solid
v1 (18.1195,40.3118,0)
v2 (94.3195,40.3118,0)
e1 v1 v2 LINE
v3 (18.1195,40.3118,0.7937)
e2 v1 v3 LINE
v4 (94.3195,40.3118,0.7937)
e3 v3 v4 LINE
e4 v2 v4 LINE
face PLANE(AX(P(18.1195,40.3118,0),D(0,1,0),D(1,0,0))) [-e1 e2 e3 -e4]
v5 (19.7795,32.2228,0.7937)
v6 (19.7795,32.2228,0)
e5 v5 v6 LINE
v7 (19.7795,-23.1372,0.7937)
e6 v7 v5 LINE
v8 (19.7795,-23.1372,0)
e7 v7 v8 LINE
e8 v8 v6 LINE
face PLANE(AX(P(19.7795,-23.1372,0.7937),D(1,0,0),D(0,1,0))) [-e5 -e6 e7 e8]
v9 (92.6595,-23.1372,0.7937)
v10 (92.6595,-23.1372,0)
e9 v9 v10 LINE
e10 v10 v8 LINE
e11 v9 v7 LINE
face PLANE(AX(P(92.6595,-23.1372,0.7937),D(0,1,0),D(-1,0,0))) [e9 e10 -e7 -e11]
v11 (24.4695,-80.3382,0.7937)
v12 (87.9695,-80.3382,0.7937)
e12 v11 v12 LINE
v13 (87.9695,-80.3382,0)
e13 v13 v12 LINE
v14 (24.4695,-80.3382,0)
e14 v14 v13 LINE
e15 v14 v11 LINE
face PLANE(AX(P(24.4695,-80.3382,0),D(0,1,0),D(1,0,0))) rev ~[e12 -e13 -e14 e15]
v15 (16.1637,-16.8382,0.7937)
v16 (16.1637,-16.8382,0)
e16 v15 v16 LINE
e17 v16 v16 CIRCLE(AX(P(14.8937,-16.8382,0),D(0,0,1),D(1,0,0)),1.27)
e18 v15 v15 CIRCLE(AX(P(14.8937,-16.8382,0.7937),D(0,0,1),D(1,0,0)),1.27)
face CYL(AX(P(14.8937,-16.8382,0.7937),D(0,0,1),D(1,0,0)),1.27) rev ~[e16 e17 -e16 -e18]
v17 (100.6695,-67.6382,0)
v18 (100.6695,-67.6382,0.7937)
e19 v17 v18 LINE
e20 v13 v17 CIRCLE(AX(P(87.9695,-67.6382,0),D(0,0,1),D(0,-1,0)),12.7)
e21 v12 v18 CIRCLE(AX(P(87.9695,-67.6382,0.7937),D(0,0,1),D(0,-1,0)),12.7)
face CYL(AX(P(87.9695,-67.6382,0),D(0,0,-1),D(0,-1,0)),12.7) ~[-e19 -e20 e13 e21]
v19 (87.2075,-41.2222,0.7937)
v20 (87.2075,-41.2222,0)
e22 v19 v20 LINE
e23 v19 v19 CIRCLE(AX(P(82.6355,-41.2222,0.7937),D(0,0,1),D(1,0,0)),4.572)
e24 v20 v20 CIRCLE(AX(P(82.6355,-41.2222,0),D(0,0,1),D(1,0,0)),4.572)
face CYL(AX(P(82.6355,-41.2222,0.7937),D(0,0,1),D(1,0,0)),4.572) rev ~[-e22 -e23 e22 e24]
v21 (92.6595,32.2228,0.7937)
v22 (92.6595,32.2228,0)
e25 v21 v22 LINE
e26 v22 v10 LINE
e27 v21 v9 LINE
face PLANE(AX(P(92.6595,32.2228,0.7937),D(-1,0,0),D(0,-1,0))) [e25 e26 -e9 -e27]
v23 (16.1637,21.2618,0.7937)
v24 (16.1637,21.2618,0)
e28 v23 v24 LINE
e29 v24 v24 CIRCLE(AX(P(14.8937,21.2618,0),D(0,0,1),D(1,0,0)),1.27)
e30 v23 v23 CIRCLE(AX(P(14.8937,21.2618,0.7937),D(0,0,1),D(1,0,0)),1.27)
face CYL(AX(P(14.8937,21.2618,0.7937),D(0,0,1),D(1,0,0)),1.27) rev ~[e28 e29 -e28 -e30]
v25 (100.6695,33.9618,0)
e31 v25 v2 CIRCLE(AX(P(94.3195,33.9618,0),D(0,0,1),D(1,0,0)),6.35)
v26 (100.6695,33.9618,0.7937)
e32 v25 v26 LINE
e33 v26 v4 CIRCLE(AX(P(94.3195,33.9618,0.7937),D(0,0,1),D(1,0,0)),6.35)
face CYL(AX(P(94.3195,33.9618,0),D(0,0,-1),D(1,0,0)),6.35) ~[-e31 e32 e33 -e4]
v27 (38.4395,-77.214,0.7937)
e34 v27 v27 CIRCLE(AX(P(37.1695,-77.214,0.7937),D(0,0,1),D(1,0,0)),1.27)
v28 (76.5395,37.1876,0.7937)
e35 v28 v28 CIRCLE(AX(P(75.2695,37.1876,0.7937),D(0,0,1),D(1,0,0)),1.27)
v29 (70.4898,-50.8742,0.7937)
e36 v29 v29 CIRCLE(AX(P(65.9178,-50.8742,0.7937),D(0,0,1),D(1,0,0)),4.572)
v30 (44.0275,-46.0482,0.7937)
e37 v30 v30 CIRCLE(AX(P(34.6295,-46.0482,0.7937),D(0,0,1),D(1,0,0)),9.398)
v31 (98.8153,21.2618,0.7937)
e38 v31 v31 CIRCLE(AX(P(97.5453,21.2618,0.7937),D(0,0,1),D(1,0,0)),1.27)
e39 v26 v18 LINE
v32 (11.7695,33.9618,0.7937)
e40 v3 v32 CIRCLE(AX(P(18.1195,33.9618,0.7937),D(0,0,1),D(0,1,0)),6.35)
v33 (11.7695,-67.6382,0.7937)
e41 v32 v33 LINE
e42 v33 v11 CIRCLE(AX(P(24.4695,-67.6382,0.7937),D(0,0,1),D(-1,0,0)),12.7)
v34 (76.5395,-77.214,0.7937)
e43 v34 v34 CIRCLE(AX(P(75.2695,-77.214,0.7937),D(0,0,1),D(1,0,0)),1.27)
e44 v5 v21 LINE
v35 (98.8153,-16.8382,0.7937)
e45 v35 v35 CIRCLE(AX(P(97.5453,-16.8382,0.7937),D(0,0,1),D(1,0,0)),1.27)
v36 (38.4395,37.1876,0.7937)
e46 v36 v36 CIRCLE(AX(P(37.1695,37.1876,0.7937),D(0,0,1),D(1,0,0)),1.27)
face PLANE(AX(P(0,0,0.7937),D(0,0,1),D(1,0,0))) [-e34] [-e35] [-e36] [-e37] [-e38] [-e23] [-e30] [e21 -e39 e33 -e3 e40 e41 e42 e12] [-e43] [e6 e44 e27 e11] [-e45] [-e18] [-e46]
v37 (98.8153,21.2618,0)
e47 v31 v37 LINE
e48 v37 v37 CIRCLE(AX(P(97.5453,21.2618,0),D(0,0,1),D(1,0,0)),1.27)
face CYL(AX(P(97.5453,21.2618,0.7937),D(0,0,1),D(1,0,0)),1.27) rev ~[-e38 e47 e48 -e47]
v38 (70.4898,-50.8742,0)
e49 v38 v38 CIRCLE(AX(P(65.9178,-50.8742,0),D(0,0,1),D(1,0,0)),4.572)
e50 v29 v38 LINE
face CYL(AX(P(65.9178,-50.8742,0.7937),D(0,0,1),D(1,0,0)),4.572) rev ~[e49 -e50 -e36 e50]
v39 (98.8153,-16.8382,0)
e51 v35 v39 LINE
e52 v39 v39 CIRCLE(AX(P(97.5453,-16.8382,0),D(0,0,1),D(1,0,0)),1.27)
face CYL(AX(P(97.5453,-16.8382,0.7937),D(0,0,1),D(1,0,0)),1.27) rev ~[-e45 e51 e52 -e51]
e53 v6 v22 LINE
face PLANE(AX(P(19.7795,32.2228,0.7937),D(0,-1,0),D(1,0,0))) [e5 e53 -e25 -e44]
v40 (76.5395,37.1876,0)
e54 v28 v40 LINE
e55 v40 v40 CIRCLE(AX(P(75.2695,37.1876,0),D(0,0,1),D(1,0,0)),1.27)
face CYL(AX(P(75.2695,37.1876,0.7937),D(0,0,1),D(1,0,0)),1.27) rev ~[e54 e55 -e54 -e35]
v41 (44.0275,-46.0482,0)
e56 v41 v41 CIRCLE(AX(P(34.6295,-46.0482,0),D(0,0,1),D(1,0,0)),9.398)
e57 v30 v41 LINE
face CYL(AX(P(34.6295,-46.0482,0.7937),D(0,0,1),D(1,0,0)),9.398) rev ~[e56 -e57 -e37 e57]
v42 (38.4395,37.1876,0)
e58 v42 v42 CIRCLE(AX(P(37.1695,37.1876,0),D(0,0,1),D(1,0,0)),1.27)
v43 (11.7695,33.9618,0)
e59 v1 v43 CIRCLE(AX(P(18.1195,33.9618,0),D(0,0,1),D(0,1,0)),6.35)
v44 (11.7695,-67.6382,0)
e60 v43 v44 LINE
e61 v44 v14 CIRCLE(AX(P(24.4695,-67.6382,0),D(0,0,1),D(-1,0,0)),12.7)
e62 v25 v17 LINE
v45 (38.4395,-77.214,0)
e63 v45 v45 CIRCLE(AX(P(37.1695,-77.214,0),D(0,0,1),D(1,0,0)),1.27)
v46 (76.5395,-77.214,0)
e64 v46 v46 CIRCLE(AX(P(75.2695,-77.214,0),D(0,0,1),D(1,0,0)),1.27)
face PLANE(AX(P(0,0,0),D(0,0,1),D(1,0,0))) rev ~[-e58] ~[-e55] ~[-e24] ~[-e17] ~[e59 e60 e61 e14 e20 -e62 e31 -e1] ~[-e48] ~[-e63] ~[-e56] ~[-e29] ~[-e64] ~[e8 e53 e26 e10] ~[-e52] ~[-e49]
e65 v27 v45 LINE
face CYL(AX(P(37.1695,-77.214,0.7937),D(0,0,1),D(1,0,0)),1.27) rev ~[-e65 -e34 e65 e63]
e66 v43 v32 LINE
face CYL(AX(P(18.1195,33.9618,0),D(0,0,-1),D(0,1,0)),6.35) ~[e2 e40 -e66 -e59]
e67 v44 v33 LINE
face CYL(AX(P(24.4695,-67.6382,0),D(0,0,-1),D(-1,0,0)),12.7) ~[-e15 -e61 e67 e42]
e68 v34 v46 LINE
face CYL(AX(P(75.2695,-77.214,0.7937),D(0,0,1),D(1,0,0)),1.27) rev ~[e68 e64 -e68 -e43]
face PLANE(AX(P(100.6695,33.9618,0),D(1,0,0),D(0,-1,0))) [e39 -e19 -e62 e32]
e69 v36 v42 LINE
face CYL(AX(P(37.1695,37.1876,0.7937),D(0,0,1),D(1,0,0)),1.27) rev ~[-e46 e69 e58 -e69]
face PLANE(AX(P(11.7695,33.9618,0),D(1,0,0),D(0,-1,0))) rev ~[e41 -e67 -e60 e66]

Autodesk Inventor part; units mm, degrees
ref_plane "YZ Plane" through (0, 0, 0) normal (1, 0, 0) x (0, 1, 0)
ref_plane "XZ Plane" through (0, 0, 0) normal (0, 1, 0) x (-1, 0, 0)
ref_plane "XY Plane" through (0, 0, 0) normal (0, 0, 1) x (1, 0, 0)
sketch "Sketch1" plane through (0, 0, 0) normal (0, 0, 1) x (1, 0, 0)
  line L0 (11.7695, 33.9618) -> (11.7695, -67.6382)
  line L1 (100.6695, 33.9618) -> (100.6695, -67.6382)
  line L2 (18.1195, 40.3118) -> (94.3195, 40.3118)
  line L3 (24.4695, -80.3382) -> (87.9695, -80.3382)
  arc A0 (11.7695, -67.6382) -> (24.4695, -80.3382) centre (24.4695, -67.6382) ccw
  arc A1 (87.9695, -80.3382) -> (100.6695, -67.6382) centre (87.9695, -67.6382) ccw
  arc A2 (100.6695, 33.9618) -> (94.3195, 40.3118) centre (94.3195, 33.9618) ccw
  arc A3 (18.1195, 40.3118) -> (11.7695, 33.9618) centre (18.1195, 33.9618) ccw
  point P0 (0, 0)
  dimension "d0" = 12.7
  dimension "d1" = 6.35
  dimension "d2" = 120.65
  dimension "d3" = 88.9
extrude "Extrusion1" add sketch "Sketch1" along normal blind 0.7937
sketch "Sketch2" plane through (0, 0, 0.7937) normal (0, 0, 1) x (1, 0, 0)
  line L0 (11.7695, -67.6382) -> (11.7695, 33.9618) projected
  line L1 (100.6695, 33.9618) -> (100.6695, -67.6382) projected
  line L2 (18.1195, 40.3118) -> (94.3195, 40.3118) projected
  line L3 (19.7795, 32.2228) -> (92.6595, 32.2228)
  line L4 (92.6595, 32.2228) -> (92.6595, -23.1372)
  line L5 (92.6595, -23.1372) -> (19.7795, -23.1372)
  line L6 (19.7795, -23.1372) -> (19.7795, 32.2228)
  line L7 (87.9695, -80.3382) -> (24.4695, -80.3382) projected
  point P0 (0, 0)
  dimension "d7" = 8.089
  dimension "d22" = 72.88
  dimension "d23" = 8.01
  dimension "d24" = 8.01
  dimension "d25" = 55.36
  dimension "d70" = 80.89
  dimension "d71" = 57.201
  dimension "d72" = 112.561
extrude "Extrusion2" cut sketch "Sketch2" against normal through all
sketch "Sketch5" plane through (0, 0, 0.7937) normal (0, 0, 1) x (1, 0, 0)
  circle A0 centre (34.6295, -46.0482) radius 9.398
  circle A1 centre (82.6355, -41.2222) radius 4.572
  circle A2 centre (65.9178, -50.8742) radius 4.572
  line L0 (87.9695, -80.3382) -> (24.4695, -80.3382) projected
  line L1 (11.7695, -67.6382) -> (11.7695, 33.9618) projected
  line L2 (100.6695, 33.9618) -> (100.6695, -67.6382) projected
  line L3 (100.6695, -46.0482) -> (11.7695, -46.0482) construction
  line L4 (65.9178, -50.8742) -> (74.2766, -46.0482) construction
  line L5 (82.6355, -41.2222) -> (74.2766, -46.0482) construction
  line L6 (25.2315, -36.6502) -> (87.2075, -36.6502) construction
  line L7 (87.2075, -36.6502) -> (87.2075, -55.4462) construction
  line L8 (87.2075, -55.4462) -> (25.2315, -55.4462) construction
  line L9 (25.2315, -55.4462) -> (25.2315, -36.6502) construction
  point P0 (0, 0)
  dimension "d26" = 18.796
  dimension "d27" = 9.144
  dimension "d35" = 34.29
  dimension "d40" = 30
  dimension "d41" = 13.462
  dimension "d42" = 13.462
  dimension "d54" = 66.04
  dimension "d55" = 34.7518
  dimension "d56" = 18.034
  dimension "d57" = 29.464
  dimension "d58" = 39.116
extrude "Extrusion5" cut sketch "Sketch5" against normal through all
sketch "Sketch6" plane through (0, 0, 0.7937) normal (0, 0, 1) x (1, 0, 0)
  line L0 (52.111, -71.628) -> (60.3281, -71.628)
  arc A0 (52.111, -71.628) -> (49.1232, -73.533) centre (50.5369, -72.4548) ccw
  arc A1 (49.1232, -73.533) -> (52.111, -75.438) centre (50.5369, -74.6113) ccw
  line L1 (52.111, -75.438) -> (60.3281, -75.438)
  arc A2 (63.3159, -73.533) -> (60.3281, -71.628) centre (61.9022, -72.4548) ccw
  arc A3 (60.3281, -75.438) -> (63.3159, -73.533) centre (61.9022, -74.6113) ccw
  line L2 (11.7695, -67.6382) -> (11.7695, 33.9618) projected
  point P0 (0, 0)
  dimension "d43" = 3.81
  dimension "d44" = 1.778
  dimension "d45" = 8.2171
  dimension "d51" = 40.3415
  dimension "d52" = 2.1565
extrude "Extrusion6" [suppressed]
sketch "Sketch7" plane through (0, 0, 0.7937) normal (0, 0, 1) x (1, 0, 0)
  line L0 (11.7695, -67.6382) -> (11.7695, 33.9618) projected
  line L1 (87.9695, -80.3382) -> (24.4695, -80.3382) projected
  line L2 (100.6695, 33.9618) -> (100.6695, -67.6382) projected
  line L3 (18.1195, 40.3118) -> (94.3195, 40.3118) projected
  circle A0 centre (37.1695, 37.1876) radius 1.27
  circle A1 centre (75.2695, 37.1876) radius 1.27
  circle A2 centre (97.5453, 21.2618) radius 1.27
  circle A3 centre (97.5453, -16.8382) radius 1.27
  circle A4 centre (75.2695, -77.214) radius 1.27
  circle A5 centre (37.1695, -77.214) radius 1.27
  circle A6 centre (14.8937, 21.2618) radius 1.27
  circle A7 centre (14.8937, -16.8382) radius 1.27
  point P0 (0, 0)
  dimension "d59" = 2.54
  dimension "d60" = 3.1242
  dimension "d61" = 3.1242
  dimension "d62" = 3.1242
  dimension "d63" = 3.1242
  dimension "d64" = 25.4
  dimension "d65" = 19.05
  dimension "d66" = 38.1
  dimension "d67" = 38.1
extrude "Extrusion7" cut sketch "Sketch7" against normal through all
equation "\"d23\" = d24"
equation "\"d42\" = d41"
properties part number "lcd_spacer"
